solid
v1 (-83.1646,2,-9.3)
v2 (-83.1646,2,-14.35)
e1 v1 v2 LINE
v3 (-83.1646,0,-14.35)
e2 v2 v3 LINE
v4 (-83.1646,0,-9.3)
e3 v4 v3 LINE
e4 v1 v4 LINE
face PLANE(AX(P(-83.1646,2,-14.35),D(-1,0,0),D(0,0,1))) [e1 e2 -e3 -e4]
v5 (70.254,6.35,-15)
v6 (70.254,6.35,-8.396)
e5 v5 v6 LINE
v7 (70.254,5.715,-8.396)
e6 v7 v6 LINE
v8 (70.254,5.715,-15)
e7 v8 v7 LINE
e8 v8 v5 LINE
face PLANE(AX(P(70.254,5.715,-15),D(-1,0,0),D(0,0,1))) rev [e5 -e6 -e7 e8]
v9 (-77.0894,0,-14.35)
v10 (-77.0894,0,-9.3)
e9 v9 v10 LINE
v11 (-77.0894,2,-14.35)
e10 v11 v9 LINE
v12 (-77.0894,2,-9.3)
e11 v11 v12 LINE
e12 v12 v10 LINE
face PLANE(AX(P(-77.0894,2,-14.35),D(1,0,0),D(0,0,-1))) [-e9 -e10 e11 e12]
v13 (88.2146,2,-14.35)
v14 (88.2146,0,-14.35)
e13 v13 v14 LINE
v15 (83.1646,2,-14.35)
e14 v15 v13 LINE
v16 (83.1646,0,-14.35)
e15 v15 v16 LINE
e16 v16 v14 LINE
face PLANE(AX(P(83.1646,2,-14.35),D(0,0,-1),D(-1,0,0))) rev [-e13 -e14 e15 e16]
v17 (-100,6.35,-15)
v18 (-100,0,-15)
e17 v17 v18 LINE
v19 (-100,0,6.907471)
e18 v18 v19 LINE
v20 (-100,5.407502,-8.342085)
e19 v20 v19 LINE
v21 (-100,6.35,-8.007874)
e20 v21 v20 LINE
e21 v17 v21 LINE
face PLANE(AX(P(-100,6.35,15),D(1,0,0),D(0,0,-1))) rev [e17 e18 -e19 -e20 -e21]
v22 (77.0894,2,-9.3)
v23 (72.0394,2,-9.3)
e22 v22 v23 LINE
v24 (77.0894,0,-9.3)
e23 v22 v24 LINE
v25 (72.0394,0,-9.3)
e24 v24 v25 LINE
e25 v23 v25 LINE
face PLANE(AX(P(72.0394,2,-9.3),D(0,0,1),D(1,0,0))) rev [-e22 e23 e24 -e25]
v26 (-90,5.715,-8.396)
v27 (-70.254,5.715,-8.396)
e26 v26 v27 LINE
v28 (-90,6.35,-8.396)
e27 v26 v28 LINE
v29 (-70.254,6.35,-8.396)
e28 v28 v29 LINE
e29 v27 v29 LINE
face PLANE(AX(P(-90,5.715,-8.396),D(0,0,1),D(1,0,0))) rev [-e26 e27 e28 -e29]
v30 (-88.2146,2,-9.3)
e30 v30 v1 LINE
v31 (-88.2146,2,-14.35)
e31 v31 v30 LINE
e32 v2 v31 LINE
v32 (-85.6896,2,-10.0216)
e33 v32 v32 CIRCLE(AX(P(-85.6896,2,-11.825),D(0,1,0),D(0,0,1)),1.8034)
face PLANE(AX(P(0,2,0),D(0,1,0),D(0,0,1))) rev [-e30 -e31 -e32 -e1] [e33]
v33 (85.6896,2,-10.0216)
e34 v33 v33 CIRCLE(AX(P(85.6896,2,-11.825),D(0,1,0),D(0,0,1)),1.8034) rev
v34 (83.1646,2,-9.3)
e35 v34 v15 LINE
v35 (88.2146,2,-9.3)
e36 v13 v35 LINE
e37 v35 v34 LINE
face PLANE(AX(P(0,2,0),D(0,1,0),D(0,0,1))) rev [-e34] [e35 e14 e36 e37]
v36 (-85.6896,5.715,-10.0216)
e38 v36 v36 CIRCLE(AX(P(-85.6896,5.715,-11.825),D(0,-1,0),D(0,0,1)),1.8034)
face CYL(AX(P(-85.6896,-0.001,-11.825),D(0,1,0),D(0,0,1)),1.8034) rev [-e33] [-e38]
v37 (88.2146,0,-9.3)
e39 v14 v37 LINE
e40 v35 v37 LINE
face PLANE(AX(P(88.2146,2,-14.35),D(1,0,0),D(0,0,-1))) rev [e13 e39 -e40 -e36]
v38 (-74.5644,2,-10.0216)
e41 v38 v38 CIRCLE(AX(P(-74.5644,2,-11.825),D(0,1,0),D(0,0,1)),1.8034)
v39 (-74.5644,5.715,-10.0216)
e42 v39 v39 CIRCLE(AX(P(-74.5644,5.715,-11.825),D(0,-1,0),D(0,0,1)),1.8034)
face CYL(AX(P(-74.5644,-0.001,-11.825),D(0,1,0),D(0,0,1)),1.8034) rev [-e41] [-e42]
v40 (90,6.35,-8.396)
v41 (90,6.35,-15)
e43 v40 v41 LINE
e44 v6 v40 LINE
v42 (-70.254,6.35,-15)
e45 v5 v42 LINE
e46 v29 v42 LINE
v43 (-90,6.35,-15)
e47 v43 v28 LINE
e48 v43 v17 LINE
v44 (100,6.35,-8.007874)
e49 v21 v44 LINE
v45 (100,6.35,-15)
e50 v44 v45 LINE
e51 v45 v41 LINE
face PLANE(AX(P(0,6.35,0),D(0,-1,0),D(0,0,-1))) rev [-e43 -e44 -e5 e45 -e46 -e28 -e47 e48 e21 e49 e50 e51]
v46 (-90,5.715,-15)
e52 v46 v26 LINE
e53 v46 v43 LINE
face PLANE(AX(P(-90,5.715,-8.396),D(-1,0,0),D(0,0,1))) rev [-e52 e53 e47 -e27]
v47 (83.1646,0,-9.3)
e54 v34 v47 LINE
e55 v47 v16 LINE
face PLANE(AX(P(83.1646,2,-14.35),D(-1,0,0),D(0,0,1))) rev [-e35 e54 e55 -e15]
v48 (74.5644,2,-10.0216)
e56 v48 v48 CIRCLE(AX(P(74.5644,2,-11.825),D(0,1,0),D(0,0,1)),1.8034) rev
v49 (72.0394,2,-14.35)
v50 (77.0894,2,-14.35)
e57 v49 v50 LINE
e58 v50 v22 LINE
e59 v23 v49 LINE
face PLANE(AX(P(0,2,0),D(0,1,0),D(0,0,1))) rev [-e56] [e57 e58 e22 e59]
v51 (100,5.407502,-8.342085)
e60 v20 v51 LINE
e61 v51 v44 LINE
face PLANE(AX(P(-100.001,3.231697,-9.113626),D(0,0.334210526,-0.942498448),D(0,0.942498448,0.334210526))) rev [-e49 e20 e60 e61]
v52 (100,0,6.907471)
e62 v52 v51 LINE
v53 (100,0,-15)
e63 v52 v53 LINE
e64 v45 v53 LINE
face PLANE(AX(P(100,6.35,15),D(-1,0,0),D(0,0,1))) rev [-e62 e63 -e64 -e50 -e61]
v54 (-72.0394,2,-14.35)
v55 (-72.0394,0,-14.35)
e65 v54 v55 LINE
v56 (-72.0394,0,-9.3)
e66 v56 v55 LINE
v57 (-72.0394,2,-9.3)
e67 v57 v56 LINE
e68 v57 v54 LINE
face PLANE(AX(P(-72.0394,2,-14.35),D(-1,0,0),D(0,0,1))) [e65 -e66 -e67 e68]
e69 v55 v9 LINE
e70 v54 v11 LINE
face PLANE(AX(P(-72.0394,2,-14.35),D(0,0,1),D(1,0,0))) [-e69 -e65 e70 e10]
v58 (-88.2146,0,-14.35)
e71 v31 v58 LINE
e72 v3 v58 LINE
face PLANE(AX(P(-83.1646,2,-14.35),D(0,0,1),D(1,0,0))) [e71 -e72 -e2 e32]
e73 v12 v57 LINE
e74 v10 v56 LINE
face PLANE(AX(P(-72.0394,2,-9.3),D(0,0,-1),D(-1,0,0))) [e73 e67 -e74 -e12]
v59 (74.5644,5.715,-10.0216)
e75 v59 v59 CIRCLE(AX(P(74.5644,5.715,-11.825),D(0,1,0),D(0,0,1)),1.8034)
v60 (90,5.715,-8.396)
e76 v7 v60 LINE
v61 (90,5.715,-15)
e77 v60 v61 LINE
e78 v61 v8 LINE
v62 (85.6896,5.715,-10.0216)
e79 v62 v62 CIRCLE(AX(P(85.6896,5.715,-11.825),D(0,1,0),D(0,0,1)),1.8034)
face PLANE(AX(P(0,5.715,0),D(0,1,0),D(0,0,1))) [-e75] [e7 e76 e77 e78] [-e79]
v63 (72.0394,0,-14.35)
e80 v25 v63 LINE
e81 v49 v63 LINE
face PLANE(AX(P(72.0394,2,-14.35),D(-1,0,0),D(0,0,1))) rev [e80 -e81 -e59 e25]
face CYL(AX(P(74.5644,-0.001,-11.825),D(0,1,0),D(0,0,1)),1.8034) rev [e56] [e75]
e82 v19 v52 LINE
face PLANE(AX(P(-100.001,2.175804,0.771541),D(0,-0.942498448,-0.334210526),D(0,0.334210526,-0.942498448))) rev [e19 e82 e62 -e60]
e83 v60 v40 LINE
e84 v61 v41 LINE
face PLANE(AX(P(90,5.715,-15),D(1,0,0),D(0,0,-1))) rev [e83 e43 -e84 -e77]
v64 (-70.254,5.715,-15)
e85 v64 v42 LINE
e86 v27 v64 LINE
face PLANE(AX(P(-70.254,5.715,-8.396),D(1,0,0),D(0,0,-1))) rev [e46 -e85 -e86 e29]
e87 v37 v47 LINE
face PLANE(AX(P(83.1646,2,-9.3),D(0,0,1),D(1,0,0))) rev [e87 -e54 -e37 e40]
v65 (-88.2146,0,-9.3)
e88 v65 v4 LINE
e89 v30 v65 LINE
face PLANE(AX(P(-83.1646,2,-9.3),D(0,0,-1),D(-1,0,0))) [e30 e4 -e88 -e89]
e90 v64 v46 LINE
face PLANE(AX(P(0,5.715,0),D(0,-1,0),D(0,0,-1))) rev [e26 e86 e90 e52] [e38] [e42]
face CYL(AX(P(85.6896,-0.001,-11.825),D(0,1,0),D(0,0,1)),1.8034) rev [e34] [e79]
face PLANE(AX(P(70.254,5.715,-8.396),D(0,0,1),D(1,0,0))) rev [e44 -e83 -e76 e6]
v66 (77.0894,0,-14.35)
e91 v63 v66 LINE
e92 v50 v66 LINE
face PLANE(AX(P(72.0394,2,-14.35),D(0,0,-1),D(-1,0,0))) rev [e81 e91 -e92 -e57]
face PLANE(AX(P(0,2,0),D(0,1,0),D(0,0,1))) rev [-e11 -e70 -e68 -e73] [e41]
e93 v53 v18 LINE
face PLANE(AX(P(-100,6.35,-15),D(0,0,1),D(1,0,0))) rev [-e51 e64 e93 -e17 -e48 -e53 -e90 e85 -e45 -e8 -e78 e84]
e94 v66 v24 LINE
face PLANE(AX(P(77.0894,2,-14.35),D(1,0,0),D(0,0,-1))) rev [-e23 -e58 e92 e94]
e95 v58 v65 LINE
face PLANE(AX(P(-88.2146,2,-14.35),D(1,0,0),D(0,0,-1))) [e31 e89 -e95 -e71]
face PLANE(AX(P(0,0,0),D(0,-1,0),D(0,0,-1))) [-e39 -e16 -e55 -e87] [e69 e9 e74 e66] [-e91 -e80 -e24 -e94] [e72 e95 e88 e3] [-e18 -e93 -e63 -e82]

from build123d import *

# Parameters (mm, degrees)
SKETCH1_W            = 200
SKETCH1_H            = 30
BASE_DEPTH           = 6.35
WEDGECUT_REACH       = 202.662
SKETCH3_W            = 19.745999878
SKETCH3_H            = 6.604
HINGE_CUTOUT_DEPTH   = 0.635
HINGE_HOLE_CUT_REACH = 103.28
SKETCH4_R            = 1.8034
SKETCH5_W            = 5.05
SKETCH5_H            = 5.05
HINGE_NUT_CUT_DEPTH  = 2


with BuildPart() as part:
    # Sketch1 → Base (new body)
    with BuildSketch(Plane(origin=(0, 0, 0), x_dir=(1, 0, 0), z_dir=(0, 1, 0))):
        Rectangle(SKETCH1_W, SKETCH1_H)
    extrude(amount=BASE_DEPTH)

    # Sketch2 → WedgeCut (cut, up to next)
    with BuildSketch(Plane(origin=(100, 0, 0), x_dir=(0, 0, -1), z_dir=(1, 0, 0)), mode=Mode.PRIVATE) as wedgecut_sk1:
        Polygon((-15, 0), (-6.907470508, 0), (8.342084542, 5.407501552), (8.007874016, 6.35), (-15, 6.35), align=None)
    wedgecut_tool1 = extrude(wedgecut_sk1.sketch, amount=-WEDGECUT_REACH, mode=Mode.PRIVATE) & part.part
    add(wedgecut_tool1.solids().sort_by_distance((100, 3.70048, 5.888491))[0], mode=Mode.SUBTRACT)

    # Sketch3 → Hinge Cutout (cut)
    with BuildSketch(Plane(origin=(0, 6.35, 0), x_dir=(1, 0, 0), z_dir=(0, 1, 0))):
        with Locations((-80.127000061, 11.698)):
            Rectangle(SKETCH3_W, SKETCH3_H)
        with Locations((80.127000061, 11.698)):
            Rectangle(SKETCH3_W, SKETCH3_H)
    extrude(amount=-HINGE_CUTOUT_DEPTH, mode=Mode.SUBTRACT)

    # Sketch4 → Hinge Hole Cut (cut, up to next)
    with BuildSketch(Plane(origin=(0, 5.715, 0), x_dir=(1, 0, 0), z_dir=(0, 1, 0)), mode=Mode.PRIVATE) as hinge_hole_cut_sk1:
        with Locations(Location((74.564400061, 11.825, 0), (0, 0, 270))):
            Circle(SKETCH4_R)
    hinge_hole_cut_tool1 = extrude(hinge_hole_cut_sk1.sketch, amount=-HINGE_HOLE_CUT_REACH, mode=Mode.PRIVATE) & part.part
    # Sketch4 → Hinge Hole Cut (cut, up to next)
    with BuildSketch(Plane(origin=(0, 5.715, 0), x_dir=(1, 0, 0), z_dir=(0, 1, 0)), mode=Mode.PRIVATE) as hinge_hole_cut_sk2:
        with Locations(Location((85.689600061, 11.825, 0), (0, 0, 270))):
            Circle(SKETCH4_R)
    hinge_hole_cut_tool2 = extrude(hinge_hole_cut_sk2.sketch, amount=-HINGE_HOLE_CUT_REACH, mode=Mode.PRIVATE) & part.part
    hinge_hole_cut_1 = hinge_hole_cut_tool1.solids().sort_by_distance((74.5644, 5.715, -11.825))[0]
    add(hinge_hole_cut_1, mode=Mode.SUBTRACT)
    hinge_hole_cut_2 = hinge_hole_cut_tool2.solids().sort_by_distance((85.6896, 5.715, -11.825))[0]
    add(hinge_hole_cut_2, mode=Mode.SUBTRACT)
    hinge_hole_cut = hinge_hole_cut_1 + hinge_hole_cut_2  # Hinge Hole Cut as one shape, for the pattern or mirror that repeats it

    # Sketch5 → Hinge Nut Cut (cut)
    with BuildSketch(Plane.XZ):
        with Locations((74.564400061, -11.825)):
            Rectangle(SKETCH5_W, SKETCH5_H)
        with Locations((85.689600061, -11.825)):
            Rectangle(SKETCH5_W, SKETCH5_H)
    hinge_nut_cut = extrude(amount=-HINGE_NUT_CUT_DEPTH, mode=Mode.SUBTRACT)

    # Hinge Hole Mirror: Hinge Hole Cut, Hinge Nut Cut across plane
    add(hinge_hole_cut.mirror(Plane(origin=(0, 0, 0), x_dir=(0, 0, 1), z_dir=(1, 0, 0))), mode=Mode.SUBTRACT)
    add(hinge_nut_cut.mirror(Plane(origin=(0, 0, 0), x_dir=(0, 0, 1), z_dir=(1, 0, 0))), mode=Mode.SUBTRACT)


solid = part.part
